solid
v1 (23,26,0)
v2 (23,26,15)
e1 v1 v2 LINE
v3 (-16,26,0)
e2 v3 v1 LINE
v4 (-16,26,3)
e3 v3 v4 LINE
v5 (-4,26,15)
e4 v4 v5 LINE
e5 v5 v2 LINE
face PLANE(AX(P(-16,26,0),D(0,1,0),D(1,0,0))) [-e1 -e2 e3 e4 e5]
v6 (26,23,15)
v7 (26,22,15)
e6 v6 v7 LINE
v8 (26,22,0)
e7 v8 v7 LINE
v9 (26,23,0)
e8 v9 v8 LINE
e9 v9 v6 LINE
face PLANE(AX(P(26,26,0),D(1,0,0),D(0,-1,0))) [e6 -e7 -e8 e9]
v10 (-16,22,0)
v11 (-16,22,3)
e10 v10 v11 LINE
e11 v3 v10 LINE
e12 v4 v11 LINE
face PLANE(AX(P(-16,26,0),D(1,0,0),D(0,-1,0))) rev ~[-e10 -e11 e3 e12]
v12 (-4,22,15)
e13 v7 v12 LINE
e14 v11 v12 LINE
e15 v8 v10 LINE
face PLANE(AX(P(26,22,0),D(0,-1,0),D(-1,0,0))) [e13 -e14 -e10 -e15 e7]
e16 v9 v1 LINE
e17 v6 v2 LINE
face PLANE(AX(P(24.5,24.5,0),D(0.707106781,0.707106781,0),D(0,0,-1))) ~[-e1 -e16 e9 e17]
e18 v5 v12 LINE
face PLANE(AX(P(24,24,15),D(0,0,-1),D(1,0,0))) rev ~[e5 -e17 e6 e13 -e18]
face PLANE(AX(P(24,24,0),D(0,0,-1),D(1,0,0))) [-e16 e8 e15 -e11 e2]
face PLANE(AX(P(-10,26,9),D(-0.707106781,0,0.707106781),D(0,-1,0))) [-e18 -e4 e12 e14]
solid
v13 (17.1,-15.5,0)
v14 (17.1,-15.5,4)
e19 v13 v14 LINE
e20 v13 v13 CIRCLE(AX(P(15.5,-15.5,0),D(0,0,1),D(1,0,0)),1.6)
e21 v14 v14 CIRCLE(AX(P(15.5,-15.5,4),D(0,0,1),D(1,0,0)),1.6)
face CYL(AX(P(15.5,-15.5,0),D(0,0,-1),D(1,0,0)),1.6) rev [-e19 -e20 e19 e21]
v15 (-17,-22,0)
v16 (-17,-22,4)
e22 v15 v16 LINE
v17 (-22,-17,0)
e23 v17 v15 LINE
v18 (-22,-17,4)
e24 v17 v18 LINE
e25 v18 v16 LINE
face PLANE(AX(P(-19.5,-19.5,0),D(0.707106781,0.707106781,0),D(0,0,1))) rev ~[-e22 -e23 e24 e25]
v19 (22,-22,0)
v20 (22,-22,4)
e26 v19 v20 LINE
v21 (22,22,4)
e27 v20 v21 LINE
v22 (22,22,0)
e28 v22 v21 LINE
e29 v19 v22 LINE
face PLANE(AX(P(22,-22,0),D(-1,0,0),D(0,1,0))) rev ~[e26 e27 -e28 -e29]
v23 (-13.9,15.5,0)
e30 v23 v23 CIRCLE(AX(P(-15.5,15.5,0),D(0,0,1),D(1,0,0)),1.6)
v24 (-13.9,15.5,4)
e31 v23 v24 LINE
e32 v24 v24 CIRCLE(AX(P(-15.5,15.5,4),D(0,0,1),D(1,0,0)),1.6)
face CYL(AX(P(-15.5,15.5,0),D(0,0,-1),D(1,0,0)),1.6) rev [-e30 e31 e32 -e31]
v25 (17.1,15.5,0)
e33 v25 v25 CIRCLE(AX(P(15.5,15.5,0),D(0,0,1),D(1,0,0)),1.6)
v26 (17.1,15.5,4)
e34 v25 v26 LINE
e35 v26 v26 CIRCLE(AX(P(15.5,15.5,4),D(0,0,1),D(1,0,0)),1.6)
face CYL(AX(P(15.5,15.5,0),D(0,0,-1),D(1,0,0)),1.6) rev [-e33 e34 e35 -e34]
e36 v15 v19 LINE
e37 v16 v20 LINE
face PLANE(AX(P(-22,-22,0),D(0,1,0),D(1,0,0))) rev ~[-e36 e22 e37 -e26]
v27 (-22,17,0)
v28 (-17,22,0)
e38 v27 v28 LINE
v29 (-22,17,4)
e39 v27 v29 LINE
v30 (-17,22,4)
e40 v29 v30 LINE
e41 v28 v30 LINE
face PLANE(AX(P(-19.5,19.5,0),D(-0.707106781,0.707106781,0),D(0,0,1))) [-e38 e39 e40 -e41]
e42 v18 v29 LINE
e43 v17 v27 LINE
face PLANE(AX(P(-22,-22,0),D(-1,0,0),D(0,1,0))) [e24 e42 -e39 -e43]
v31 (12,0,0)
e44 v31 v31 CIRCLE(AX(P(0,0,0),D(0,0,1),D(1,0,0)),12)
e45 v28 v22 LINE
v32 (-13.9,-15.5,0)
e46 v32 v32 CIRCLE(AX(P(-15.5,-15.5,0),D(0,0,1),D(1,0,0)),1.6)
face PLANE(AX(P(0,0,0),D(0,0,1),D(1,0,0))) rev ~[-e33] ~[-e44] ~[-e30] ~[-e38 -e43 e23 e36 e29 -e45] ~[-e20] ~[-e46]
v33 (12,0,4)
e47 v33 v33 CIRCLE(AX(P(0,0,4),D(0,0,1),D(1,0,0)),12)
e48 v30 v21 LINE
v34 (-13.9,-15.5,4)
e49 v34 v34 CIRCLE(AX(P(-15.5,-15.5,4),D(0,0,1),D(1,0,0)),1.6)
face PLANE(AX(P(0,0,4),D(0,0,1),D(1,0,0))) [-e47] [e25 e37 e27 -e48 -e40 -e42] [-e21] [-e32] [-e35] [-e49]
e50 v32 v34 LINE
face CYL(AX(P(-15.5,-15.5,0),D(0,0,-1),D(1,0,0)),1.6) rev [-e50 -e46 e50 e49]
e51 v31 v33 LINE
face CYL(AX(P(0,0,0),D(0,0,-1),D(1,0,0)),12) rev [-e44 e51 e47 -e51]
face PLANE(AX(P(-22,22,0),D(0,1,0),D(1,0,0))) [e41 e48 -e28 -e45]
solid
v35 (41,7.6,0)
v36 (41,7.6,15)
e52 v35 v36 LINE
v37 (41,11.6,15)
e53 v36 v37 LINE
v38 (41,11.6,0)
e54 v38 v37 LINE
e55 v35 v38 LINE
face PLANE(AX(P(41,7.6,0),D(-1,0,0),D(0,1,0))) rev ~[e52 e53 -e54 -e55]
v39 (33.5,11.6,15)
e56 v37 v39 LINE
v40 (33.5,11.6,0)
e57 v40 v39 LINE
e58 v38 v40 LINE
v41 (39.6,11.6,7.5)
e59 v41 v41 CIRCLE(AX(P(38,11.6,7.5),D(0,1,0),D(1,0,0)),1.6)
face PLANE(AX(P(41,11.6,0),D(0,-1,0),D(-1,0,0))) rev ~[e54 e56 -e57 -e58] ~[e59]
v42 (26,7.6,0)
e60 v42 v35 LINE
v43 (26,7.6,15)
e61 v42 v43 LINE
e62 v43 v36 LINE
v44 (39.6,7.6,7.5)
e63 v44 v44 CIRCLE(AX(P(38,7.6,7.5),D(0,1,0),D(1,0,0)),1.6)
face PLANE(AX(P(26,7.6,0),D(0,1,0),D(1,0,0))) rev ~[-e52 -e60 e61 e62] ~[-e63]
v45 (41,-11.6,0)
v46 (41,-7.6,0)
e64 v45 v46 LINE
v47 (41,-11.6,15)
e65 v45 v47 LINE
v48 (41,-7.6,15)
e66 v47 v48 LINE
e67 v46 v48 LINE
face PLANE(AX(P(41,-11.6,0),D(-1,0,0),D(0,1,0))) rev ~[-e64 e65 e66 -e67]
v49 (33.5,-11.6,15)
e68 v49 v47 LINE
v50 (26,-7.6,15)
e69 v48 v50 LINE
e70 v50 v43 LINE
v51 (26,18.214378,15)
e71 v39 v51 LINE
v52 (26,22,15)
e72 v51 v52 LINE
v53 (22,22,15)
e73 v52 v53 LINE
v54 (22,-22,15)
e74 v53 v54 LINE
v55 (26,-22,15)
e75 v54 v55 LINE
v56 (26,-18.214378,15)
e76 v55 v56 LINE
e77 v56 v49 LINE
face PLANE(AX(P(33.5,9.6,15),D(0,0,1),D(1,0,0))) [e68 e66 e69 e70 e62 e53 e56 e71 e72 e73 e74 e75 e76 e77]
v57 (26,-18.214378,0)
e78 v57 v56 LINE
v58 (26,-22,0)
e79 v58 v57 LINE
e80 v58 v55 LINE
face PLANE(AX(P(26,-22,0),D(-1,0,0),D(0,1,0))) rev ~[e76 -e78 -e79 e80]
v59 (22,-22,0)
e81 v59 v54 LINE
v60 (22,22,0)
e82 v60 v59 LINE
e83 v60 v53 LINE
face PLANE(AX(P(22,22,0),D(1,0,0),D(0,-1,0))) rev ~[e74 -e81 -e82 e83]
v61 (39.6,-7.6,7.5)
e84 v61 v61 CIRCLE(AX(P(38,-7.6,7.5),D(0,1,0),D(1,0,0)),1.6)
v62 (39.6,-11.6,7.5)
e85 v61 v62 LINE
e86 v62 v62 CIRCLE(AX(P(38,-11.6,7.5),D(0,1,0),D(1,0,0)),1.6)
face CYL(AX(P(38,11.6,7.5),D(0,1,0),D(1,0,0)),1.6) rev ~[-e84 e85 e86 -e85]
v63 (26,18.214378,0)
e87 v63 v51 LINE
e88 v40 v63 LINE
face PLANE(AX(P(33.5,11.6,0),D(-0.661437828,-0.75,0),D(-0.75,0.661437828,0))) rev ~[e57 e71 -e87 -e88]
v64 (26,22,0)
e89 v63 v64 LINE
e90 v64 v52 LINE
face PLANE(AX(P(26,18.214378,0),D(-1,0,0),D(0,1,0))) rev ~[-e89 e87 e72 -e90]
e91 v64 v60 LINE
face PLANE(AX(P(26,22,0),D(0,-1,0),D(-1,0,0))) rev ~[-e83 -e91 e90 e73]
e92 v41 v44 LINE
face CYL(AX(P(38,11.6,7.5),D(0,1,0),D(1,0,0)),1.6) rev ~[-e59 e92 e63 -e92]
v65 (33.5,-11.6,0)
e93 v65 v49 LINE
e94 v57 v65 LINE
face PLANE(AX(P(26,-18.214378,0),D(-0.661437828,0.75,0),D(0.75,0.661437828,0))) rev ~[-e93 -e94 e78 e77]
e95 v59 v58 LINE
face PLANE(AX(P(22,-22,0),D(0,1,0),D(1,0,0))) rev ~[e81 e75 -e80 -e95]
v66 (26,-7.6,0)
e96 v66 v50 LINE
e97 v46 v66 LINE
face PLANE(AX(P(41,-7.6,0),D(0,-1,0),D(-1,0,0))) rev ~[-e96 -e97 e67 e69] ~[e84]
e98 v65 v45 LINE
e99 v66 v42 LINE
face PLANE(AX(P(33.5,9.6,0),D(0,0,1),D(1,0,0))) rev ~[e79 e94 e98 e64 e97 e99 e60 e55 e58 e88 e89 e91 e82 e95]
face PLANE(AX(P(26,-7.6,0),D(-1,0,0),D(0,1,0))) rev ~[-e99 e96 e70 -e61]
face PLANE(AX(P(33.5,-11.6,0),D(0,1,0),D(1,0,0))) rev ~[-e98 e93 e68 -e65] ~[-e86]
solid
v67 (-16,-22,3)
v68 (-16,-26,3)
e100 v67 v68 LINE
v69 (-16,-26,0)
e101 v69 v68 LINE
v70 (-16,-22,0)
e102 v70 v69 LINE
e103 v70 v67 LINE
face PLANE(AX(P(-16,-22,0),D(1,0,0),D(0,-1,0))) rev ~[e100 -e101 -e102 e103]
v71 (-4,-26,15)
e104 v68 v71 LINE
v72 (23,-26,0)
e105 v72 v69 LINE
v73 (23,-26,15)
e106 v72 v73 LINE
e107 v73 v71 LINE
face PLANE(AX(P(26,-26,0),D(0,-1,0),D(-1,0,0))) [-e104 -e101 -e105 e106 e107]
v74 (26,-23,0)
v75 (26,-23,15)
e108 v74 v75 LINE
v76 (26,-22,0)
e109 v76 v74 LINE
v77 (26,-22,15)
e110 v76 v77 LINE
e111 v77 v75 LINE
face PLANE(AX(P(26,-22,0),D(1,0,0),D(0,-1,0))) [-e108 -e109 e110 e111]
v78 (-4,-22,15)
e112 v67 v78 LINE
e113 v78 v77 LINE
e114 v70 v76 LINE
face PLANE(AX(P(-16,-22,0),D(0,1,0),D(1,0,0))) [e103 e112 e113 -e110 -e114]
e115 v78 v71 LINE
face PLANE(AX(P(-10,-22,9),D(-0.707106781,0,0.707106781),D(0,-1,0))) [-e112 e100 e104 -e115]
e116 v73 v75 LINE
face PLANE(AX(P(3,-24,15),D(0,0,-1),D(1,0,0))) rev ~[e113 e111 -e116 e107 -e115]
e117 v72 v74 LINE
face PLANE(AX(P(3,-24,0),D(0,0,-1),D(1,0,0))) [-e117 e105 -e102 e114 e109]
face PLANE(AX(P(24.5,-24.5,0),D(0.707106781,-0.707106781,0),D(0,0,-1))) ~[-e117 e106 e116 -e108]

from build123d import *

# Parameters (mm, degrees)
F0_W       = 44
F0_H       = 44
F0_R       = 1.6
F0_R_2     = 12
F1_DEPTH   = 4
F2_SIZE    = 5
F4_DEPTH   = 15
F5_W       = 4
F5_H       = 4
F5_W_2     = 38
F6_DEPTH   = 15
F7_SIZE    = 12
F7_2_SIZE  = 12
F9_DEPTH   = 25
F10_SIZE   = 3
F10_2_SIZE = 3


with BuildPart() as f1:
    # F0 (on Top) → F1 (new body)
    with BuildSketch(Plane.XY):
        Rectangle(F0_W, F0_H)
        with Locations((-15.5, -15.5)):
            Circle(F0_R, mode=Mode.SUBTRACT)
        with Locations((15.5, -15.5)):
            Circle(F0_R, mode=Mode.SUBTRACT)
        with Locations((-15.5, 15.5)):
            Circle(F0_R, mode=Mode.SUBTRACT)
        Circle(F0_R_2, mode=Mode.SUBTRACT)
        with Locations((15.5, 15.5)):
            Circle(F0_R, mode=Mode.SUBTRACT)
    extrude(amount=F1_DEPTH)

    # F2
    f2_edges = [f1.edges().sort_by_distance(p)[0] for p in [
        (-22, 22, 2),
        (-22, -22, 2),
    ]]
    chamfer(f2_edges, length=F2_SIZE)


with BuildPart() as f4:
    # F3 (on Top) → F4 (new body)
    with BuildSketch(Plane.XY):
        Polygon((26, 11.6), (26, 7.6), (41, 7.6), (41, 11.6), (33.5, 11.6), align=None)
        Polygon((26, 18.2143782777), (26, 11.6), (33.5, 11.6), align=None)
        Polygon((41, -7.6), (26, -7.6), (26, -11.6), (33.5, -11.6), (41, -11.6), align=None)
        Polygon((33.5, -11.6), (26, -11.6), (26, -18.2143782777), align=None)
        Polygon((26, 0), (22, 0), (22, -22), (25.6346632391, -22), (26, -22), (26, -18.9712997526), (26, -18.2143782777), (26, -11.6), (26, -7.6), align=None)
        Polygon((22, 22), (22, 0), (26, 0), (26, 7.6), (26, 11.6), (26, 18.2143782777), (26, 21.6064173728), (26, 22), align=None)
    extrude(amount=F4_DEPTH)

    # F8 (on face) → F9 (cut)
    with BuildSketch(Plane(origin=(0, 11.6, 0), x_dir=(-1, 0, 0), z_dir=(0, 1, 0))):
        with BuildLine():
            ThreePointArc((-36.4, 7.5), (-38, 9.1), (-39.6, 7.5))
            ThreePointArc((-39.6, 7.5), (-38, 5.9), (-36.4, 7.5))
        make_face()
    extrude(amount=-F9_DEPTH, mode=Mode.SUBTRACT)


with BuildPart() as f6:
    # F5 (on face) → F6 (new body)
    with BuildSketch(Plane(origin=(0, 0, 0), x_dir=(1, 0, 0), z_dir=(0, 0, -1))):
        with Locations((24, -24)):
            Rectangle(F5_W, F5_H)
        with Locations((3, -24)):
            Rectangle(F5_W_2, F5_H)
    extrude(amount=-F6_DEPTH)

    # F7#2
    f7_2_edges = [f6.edges().sort_by_distance(p)[0] for p in [
        (-16, 24, 15),
    ]]
    chamfer(f7_2_edges, length=F7_2_SIZE)

    # F10#2
    f10_2_edges = [f6.edges().sort_by_distance(p)[0] for p in [
        (26, 26, 7.5),
    ]]
    chamfer(f10_2_edges, length=F10_2_SIZE)


with BuildPart() as f6b:
    # F5 (on face) → F6, piece 2 (new body)
    with BuildSketch(Plane(origin=(0, 0, 0), x_dir=(1, 0, 0), z_dir=(0, 0, -1))):
        with Locations((3, 24)):
            Rectangle(F5_W_2, F5_H)
        with Locations((24, 24)):
            Rectangle(F5_W, F5_H)
    extrude(amount=-F6_DEPTH)

    # F7
    f7_edges = [f6b.edges().sort_by_distance(p)[0] for p in [
        (-16, -24, 15),
    ]]
    chamfer(f7_edges, length=F7_SIZE)

    # F10
    f10_edges = [f6b.edges().sort_by_distance(p)[0] for p in [
        (26, -26, 7.5),
    ]]
    chamfer(f10_edges, length=F10_SIZE)


solid = Compound([f1.part, f4.part, f6.part, f6b.part])
